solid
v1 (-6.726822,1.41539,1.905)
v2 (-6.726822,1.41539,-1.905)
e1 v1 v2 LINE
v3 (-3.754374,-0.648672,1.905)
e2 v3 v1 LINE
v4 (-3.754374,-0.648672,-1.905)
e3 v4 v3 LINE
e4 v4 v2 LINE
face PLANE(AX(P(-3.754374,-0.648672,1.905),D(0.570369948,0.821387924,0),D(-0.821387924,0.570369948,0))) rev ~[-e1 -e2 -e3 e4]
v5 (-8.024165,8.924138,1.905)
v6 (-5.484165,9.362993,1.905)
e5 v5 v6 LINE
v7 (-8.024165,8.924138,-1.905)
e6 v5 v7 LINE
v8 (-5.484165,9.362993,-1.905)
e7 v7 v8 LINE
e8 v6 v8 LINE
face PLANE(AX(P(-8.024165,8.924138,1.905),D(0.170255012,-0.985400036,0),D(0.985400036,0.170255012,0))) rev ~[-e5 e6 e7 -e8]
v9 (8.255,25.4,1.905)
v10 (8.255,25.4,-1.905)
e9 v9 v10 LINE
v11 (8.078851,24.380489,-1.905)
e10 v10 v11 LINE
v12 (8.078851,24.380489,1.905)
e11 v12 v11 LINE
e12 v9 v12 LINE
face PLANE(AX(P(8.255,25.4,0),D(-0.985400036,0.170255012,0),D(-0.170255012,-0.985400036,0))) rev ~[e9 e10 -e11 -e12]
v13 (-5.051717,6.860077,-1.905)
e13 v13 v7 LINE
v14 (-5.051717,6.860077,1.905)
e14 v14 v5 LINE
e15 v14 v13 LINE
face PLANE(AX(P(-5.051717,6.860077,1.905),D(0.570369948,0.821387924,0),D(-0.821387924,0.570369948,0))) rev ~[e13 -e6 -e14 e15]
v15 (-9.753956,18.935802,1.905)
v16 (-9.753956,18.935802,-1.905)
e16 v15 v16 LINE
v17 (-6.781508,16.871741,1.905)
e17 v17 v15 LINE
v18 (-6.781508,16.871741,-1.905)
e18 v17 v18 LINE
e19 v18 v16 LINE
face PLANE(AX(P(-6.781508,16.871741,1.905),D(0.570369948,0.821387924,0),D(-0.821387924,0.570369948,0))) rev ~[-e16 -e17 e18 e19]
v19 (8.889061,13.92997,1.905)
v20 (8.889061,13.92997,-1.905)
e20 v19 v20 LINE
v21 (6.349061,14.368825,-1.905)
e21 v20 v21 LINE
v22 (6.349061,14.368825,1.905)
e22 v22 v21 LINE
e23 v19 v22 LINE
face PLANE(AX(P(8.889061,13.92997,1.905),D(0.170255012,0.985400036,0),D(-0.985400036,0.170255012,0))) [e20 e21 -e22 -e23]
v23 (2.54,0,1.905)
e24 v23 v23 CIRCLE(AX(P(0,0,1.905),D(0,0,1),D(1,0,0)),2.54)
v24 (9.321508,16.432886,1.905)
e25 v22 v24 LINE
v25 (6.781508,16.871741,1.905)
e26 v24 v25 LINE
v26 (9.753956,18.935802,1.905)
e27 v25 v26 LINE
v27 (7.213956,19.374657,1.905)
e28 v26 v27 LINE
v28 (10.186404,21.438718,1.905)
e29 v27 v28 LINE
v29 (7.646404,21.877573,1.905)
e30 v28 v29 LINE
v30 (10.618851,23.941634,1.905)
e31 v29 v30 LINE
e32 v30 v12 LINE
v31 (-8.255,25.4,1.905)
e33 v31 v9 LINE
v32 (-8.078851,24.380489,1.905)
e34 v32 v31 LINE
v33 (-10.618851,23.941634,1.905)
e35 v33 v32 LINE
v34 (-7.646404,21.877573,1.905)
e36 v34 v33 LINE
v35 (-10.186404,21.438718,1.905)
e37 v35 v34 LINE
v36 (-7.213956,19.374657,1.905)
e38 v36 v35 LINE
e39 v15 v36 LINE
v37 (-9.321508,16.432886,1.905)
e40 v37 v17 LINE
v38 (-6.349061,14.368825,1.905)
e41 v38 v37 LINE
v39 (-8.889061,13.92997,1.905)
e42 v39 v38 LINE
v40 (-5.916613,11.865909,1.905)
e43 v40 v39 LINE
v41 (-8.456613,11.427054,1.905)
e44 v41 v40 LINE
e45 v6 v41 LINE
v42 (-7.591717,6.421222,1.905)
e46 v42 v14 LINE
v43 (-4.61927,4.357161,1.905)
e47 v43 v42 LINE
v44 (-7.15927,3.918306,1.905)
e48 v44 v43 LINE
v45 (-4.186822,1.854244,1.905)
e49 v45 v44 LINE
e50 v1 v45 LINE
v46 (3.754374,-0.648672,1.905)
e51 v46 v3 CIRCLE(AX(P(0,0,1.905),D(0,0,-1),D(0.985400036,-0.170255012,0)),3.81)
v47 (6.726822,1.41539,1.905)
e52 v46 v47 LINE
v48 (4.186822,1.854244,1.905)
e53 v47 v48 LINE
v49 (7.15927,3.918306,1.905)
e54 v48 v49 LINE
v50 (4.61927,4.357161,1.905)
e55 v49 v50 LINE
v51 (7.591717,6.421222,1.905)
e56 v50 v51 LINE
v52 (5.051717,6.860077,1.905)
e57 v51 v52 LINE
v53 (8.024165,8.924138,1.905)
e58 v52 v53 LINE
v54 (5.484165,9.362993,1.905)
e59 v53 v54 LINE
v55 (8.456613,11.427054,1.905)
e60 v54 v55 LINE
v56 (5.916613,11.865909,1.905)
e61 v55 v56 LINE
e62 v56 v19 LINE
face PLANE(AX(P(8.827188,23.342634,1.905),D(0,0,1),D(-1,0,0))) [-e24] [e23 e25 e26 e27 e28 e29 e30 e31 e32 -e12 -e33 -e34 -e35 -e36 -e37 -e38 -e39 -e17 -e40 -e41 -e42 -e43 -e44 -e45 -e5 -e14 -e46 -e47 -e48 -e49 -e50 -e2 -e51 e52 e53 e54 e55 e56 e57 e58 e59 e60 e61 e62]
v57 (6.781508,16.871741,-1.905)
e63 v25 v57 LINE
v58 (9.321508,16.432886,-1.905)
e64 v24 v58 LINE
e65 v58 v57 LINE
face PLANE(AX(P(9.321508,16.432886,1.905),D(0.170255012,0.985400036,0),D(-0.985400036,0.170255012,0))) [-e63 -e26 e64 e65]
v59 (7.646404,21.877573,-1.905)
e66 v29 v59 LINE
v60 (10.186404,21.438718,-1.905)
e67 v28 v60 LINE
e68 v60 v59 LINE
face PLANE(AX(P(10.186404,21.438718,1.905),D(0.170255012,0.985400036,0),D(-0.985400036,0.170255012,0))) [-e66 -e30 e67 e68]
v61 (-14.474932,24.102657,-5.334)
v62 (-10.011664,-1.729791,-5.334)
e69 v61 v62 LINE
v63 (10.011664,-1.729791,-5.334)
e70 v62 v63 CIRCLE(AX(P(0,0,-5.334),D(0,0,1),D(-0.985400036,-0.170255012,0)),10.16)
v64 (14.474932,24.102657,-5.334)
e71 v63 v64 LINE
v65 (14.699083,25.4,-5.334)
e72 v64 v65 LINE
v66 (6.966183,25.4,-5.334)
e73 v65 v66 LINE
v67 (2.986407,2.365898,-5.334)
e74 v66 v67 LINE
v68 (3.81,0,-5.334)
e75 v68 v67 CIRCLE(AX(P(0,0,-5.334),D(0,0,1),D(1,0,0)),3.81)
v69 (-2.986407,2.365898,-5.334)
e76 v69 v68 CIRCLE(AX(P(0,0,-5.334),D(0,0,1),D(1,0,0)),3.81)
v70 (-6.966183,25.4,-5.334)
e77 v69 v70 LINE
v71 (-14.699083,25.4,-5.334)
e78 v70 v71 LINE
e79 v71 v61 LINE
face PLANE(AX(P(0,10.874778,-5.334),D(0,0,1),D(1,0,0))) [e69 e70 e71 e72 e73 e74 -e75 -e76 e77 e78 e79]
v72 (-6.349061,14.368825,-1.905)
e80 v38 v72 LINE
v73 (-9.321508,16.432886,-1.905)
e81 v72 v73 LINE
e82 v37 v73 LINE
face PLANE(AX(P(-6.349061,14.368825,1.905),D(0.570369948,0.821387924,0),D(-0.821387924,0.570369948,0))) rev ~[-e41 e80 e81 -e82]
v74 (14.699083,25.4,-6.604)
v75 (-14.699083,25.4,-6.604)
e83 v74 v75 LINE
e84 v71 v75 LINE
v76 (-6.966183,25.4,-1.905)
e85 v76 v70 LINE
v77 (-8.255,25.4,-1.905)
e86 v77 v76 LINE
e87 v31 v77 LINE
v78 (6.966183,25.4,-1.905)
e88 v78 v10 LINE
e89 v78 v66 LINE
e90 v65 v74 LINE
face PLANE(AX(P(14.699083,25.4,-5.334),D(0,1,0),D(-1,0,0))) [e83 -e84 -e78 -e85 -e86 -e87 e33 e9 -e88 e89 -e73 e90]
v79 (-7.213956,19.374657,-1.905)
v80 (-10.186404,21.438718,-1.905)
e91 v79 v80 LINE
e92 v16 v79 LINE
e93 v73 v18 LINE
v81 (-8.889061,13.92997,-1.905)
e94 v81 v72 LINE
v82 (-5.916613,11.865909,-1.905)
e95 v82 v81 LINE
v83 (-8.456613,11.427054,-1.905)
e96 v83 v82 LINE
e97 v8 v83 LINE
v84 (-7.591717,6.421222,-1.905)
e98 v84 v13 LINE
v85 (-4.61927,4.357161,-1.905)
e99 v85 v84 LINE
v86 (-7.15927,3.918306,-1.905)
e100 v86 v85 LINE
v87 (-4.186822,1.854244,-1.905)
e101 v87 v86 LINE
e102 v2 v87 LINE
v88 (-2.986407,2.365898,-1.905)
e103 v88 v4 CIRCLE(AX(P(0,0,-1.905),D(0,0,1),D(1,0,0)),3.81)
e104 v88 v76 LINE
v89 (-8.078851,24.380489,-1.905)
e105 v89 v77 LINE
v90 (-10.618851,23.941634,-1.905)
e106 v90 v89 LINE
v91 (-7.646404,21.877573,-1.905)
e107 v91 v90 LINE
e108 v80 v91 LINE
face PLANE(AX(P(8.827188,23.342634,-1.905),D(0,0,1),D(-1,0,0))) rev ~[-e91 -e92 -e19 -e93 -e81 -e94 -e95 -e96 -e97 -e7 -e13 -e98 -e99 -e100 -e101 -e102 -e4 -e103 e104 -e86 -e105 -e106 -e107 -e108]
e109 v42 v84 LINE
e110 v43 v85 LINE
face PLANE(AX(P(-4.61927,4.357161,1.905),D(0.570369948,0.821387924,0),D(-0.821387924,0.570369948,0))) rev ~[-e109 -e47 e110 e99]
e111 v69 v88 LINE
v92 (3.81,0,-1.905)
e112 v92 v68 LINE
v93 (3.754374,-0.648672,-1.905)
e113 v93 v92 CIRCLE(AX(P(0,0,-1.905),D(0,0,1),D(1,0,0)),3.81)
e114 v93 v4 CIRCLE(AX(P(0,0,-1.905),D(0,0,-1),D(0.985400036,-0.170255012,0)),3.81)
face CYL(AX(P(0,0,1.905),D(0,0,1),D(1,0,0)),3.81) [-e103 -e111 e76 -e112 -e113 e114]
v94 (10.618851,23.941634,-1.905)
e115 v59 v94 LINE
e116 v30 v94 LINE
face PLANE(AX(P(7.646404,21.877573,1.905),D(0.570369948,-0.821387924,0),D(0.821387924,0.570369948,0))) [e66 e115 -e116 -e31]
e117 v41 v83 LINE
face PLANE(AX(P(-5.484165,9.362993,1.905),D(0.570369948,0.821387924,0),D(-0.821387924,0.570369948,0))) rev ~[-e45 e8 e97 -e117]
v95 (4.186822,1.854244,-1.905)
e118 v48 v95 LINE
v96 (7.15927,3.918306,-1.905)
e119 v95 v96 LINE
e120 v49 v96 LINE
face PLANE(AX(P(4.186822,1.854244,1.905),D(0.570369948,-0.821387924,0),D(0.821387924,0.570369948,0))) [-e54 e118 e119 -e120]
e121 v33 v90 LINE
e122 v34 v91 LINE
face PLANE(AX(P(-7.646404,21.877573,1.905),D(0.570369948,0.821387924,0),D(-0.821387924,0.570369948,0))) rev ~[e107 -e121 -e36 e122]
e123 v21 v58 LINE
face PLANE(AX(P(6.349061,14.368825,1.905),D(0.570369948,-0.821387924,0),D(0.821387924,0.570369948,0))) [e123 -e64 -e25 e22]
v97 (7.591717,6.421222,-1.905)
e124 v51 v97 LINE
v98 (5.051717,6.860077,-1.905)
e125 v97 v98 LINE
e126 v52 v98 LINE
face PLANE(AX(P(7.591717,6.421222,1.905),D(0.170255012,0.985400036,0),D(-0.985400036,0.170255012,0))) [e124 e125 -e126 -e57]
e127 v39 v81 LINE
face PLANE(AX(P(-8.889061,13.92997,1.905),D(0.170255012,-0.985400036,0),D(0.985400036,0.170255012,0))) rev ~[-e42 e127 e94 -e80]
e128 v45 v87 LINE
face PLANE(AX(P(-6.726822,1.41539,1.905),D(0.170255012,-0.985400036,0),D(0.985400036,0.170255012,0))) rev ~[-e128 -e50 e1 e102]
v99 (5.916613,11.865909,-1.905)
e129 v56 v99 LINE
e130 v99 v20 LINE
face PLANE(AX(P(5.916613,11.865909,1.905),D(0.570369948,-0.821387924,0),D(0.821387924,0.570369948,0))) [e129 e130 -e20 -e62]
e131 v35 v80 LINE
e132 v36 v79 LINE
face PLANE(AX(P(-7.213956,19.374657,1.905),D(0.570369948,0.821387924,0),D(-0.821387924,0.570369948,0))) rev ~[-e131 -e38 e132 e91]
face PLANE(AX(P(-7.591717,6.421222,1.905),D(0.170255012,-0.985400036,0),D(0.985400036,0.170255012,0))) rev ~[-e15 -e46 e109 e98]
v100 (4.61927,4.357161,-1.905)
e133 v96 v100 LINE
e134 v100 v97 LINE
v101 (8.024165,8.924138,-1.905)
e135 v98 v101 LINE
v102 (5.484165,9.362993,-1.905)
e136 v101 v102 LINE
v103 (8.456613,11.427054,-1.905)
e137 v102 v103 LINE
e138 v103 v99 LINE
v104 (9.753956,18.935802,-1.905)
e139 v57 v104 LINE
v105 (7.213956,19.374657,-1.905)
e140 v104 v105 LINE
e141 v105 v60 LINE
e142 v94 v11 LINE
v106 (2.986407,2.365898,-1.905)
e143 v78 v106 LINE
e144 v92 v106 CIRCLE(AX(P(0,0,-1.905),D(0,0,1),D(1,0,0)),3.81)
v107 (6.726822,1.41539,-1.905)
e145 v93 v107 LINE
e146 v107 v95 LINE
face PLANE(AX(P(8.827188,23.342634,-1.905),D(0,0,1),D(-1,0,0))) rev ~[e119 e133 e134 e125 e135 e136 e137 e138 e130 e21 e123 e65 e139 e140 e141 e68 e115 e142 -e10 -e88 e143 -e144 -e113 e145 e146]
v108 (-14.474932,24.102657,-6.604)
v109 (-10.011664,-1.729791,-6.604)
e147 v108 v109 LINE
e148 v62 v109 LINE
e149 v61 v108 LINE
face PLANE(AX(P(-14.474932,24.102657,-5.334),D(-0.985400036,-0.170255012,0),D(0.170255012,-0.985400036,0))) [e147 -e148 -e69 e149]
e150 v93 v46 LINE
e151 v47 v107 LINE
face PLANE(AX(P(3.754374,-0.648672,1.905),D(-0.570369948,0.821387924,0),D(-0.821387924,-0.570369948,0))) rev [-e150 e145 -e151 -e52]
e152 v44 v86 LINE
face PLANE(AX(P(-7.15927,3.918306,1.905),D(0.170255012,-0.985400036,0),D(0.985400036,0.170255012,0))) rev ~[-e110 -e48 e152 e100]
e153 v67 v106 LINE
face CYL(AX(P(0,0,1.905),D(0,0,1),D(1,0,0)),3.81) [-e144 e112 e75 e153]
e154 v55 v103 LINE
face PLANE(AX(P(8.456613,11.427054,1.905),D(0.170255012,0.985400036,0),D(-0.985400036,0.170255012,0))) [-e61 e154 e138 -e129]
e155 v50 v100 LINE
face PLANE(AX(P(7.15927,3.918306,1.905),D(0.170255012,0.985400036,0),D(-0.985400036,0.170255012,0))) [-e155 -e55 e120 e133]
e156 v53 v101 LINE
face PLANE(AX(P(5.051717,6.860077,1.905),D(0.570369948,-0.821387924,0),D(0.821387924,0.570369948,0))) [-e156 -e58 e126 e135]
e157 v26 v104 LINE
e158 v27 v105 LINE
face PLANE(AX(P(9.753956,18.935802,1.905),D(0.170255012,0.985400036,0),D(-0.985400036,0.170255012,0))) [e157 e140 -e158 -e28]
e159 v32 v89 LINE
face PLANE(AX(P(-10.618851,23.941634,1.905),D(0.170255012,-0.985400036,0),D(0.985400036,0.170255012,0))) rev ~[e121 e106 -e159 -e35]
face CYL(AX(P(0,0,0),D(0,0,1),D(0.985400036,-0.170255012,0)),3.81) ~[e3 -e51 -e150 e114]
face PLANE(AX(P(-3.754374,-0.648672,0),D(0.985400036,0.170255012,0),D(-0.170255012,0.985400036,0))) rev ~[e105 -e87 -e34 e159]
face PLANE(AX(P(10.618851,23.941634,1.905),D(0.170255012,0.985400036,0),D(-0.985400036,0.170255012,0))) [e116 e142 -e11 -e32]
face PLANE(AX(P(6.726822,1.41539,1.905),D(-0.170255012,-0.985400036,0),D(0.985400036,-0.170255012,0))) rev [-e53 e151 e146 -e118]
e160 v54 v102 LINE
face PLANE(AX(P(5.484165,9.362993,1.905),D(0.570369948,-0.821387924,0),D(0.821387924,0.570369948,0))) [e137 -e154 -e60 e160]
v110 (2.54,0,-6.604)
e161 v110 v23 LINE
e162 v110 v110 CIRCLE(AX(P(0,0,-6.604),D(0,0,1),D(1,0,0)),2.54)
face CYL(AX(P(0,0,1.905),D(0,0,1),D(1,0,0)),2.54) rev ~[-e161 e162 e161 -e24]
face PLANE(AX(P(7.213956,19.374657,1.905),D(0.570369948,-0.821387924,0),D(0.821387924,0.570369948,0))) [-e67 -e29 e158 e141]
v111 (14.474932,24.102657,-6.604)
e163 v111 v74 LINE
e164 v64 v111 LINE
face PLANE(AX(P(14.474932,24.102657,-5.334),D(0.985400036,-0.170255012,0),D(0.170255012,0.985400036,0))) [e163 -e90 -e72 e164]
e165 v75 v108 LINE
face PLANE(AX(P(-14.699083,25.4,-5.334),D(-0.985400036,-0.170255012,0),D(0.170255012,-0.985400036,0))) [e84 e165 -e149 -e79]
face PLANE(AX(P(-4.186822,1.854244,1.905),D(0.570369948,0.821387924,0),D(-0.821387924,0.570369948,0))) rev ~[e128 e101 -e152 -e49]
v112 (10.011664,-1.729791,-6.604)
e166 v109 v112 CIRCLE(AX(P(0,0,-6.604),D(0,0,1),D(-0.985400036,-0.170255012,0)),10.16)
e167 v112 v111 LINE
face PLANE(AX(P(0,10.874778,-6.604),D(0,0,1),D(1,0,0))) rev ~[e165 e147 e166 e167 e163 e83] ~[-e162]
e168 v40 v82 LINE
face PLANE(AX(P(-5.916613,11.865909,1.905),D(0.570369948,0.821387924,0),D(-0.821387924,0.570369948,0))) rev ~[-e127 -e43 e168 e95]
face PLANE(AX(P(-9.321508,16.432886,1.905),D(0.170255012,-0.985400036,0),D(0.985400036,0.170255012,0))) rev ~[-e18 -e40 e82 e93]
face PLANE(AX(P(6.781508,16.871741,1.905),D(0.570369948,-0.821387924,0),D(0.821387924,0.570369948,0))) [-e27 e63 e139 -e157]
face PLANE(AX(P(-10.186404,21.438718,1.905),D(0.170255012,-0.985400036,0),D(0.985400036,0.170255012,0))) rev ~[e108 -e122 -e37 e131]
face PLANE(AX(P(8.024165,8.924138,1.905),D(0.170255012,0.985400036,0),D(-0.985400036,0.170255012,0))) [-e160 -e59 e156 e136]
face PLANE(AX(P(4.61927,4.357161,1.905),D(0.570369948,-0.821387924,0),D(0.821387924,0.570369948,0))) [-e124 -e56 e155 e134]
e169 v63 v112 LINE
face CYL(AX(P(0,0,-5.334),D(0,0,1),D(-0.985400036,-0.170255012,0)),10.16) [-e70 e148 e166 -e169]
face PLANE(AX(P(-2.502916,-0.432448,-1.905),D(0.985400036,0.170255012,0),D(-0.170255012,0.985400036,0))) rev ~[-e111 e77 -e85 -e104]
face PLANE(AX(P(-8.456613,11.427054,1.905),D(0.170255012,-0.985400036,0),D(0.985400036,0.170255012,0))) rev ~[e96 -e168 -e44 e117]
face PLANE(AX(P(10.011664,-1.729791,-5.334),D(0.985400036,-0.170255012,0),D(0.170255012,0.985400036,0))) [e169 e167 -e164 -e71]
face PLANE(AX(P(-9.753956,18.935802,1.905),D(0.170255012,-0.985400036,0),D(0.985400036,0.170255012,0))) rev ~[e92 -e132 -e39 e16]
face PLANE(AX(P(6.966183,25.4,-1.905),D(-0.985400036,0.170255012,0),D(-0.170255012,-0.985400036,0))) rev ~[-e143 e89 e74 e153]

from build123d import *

# Parameters (mm, degrees)
BOSS_EXTRUDE1_DEPTH  = 1.905
BOSS_EXTRUDE3_DEPTH  = 3.429
BOSS_EXTRUDE2_DEPTH  = 3.81
LPATTERN1_COUNT      = 10
LPATTERN1_PITCH      = 2.54
MIRROR1_COPY_1_DEPTH = 3.81
MIRROR1_COPY_2_DEPTH = 3.81
MIRROR1_COPY_3_DEPTH = 3.81
MIRROR1_COPY_4_DEPTH = 3.81
MIRROR1_COPY_5_DEPTH = 3.81
MIRROR1_COPY_6_DEPTH = 3.81
MIRROR1_COPY_7_DEPTH = 3.81
MIRROR1_COPY_8_DEPTH = 3.81
MIRROR1_COPY_9_DEPTH = 3.81
BOSS_EXTRUDE4_DEPTH  = 1.27
SKETCH5_R            = 2.54
CUT_EXTRUDE1_DEPTH   = 31.555296323
SKETCH6_R            = 3.81
SKETCH6_R_2          = 2.54
BOSS_EXTRUDE5_DEPTH  = 7.62


with BuildPart() as part:
    # Sketch1 → Boss-Extrude1 (new, symmetric)
    with BuildSketch(Plane.XY):
        with BuildLine():
            Line((-3.754374137, -0.648671595), (-8.255, 25.4))
            Line((-8.255, 25.4), (8.255, 25.4))
            Line((8.255, 25.4), (3.754374137, -0.648671595))
            ThreePointArc((3.754374137, -0.648671595), (0, -3.81), (-3.754374137, -0.648671595))
        make_face()
    extrude(amount=BOSS_EXTRUDE1_DEPTH, both=True)

    # Sketch3 → Boss-Extrude3 (add)
    with BuildSketch(Plane(origin=(0, 0, -1.905), x_dir=(-1, 0, 0), z_dir=(0, 0, -1))):
        with BuildLine():
            Line((6.966183323, 25.4), (-6.966183323, 25.4))
            Line((-6.966183323, 25.4), (-2.502916091, -0.43244773))
            ThreePointArc((-2.502916091, -0.43244773), (0, -2.54), (2.502916091, -0.43244773))
            Line((2.502916091, -0.43244773), (6.966183323, 25.4))
        make_face()
    extrude(amount=BOSS_EXTRUDE3_DEPTH)

    # Sketch2 → Boss-Extrude2 (add)
    with BuildSketch(Plane.XY.offset(1.905)):
        Polygon((-3.754374137, -0.648671595), (-6.726821867, 1.4153895), (-4.186821867, 1.854244497), align=None)
    boss_extrude2 = extrude(amount=-BOSS_EXTRUDE2_DEPTH)

    # LPattern1: Boss-Extrude2 ×10
    with Locations(*[Vector(-0.17025501170659457, 0.9854000360202892, 0) * (i * LPATTERN1_PITCH) for i in range(1, LPATTERN1_COUNT)]):
        add(boss_extrude2)

    # Mirror1: Boss-Extrude2 across plane
    add(boss_extrude2.mirror(Plane(origin=(0, 0, 0), x_dir=(0, 0, 1), z_dir=(1, 0, 0))))

    # Mirror1 copy 1 sketch → Mirror1 copy 1 (add)
    with BuildSketch(Plane(origin=(0.43244773, 2.502916091, 1.905), x_dir=(-1, 0, 0), z_dir=(0, 0, 1))):
        Polygon((-3.754374137, 0.648671595), (-6.726821867, -1.4153895), (-4.186821867, -1.854244497), align=None)
    extrude(amount=-MIRROR1_COPY_1_DEPTH)

    # Mirror1 copy 2 sketch → Mirror1 copy 2 (add)
    with BuildSketch(Plane(origin=(0.864895459, 5.005832183, 1.905), x_dir=(-1, 0, 0), z_dir=(0, 0, 1))):
        Polygon((-3.754374137, 0.648671595), (-6.726821867, -1.4153895), (-4.186821867, -1.854244497), align=None)
    extrude(amount=-MIRROR1_COPY_2_DEPTH)

    # Mirror1 copy 3 sketch → Mirror1 copy 3 (add)
    with BuildSketch(Plane(origin=(1.297343189, 7.508748274, 1.905), x_dir=(-1, 0, 0), z_dir=(0, 0, 1))):
        Polygon((-3.754374137, 0.648671595), (-6.726821867, -1.4153895), (-4.186821867, -1.854244497), align=None)
    extrude(amount=-MIRROR1_COPY_3_DEPTH)

    # Mirror1 copy 4 sketch → Mirror1 copy 4 (add)
    with BuildSketch(Plane(origin=(1.729790919, 10.011664366, 1.905), x_dir=(-1, 0, 0), z_dir=(0, 0, 1))):
        Polygon((-3.754374137, 0.648671595), (-6.726821867, -1.4153895), (-4.186821867, -1.854244497), align=None)
    extrude(amount=-MIRROR1_COPY_4_DEPTH)

    # Mirror1 copy 5 sketch → Mirror1 copy 5 (add)
    with BuildSketch(Plane(origin=(2.162238649, 12.514580457, 1.905), x_dir=(-1, 0, 0), z_dir=(0, 0, 1))):
        Polygon((-3.754374137, 0.648671595), (-6.726821867, -1.4153895), (-4.186821867, -1.854244497), align=None)
    extrude(amount=-MIRROR1_COPY_5_DEPTH)

    # Mirror1 copy 6 sketch → Mirror1 copy 6 (add)
    with BuildSketch(Plane(origin=(2.594686378, 15.017496549, 1.905), x_dir=(-1, 0, 0), z_dir=(0, 0, 1))):
        Polygon((-3.754374137, 0.648671595), (-6.726821867, -1.4153895), (-4.186821867, -1.854244497), align=None)
    extrude(amount=-MIRROR1_COPY_6_DEPTH)

    # Mirror1 copy 7 sketch → Mirror1 copy 7 (add)
    with BuildSketch(Plane(origin=(3.027134108, 17.52041264, 1.905), x_dir=(-1, 0, 0), z_dir=(0, 0, 1))):
        Polygon((-3.754374137, 0.648671595), (-6.726821867, -1.4153895), (-4.186821867, -1.854244497), align=None)
    extrude(amount=-MIRROR1_COPY_7_DEPTH)

    # Mirror1 copy 8 sketch → Mirror1 copy 8 (add)
    with BuildSketch(Plane(origin=(3.459581838, 20.023328732, 1.905), x_dir=(-1, 0, 0), z_dir=(0, 0, 1))):
        Polygon((-3.754374137, 0.648671595), (-6.726821867, -1.4153895), (-4.186821867, -1.854244497), align=None)
    extrude(amount=-MIRROR1_COPY_8_DEPTH)

    # Mirror1 copy 9 sketch → Mirror1 copy 9 (add)
    with BuildSketch(Plane(origin=(3.892029568, 22.526244823, 1.905), x_dir=(-1, 0, 0), z_dir=(0, 0, 1))):
        Polygon((-3.754374137, 0.648671595), (-6.726821867, -1.4153895), (-4.186821867, -1.854244497), align=None)
    extrude(amount=-MIRROR1_COPY_9_DEPTH)

    # Sketch4 → Boss-Extrude4 (add)
    with BuildSketch(Plane(origin=(0, 0, -5.334), x_dir=(-1, 0, 0), z_dir=(0, 0, -1))):
        with BuildLine():
            Line((-14.699083385, 25.4), (14.699083385, 25.4))
            Line((14.699083385, 25.4), (14.474931597, 24.102656811))
            Line((14.474931597, 24.102656811), (10.011664366, -1.729790919))
            ThreePointArc((10.011664366, -1.729790919), (0, -10.16), (-10.011664366, -1.729790919))
            Line((-10.011664366, -1.729790919), (-14.474931597, 24.102656811))
            Line((-14.474931597, 24.102656811), (-14.699083385, 25.4))
        make_face()
    extrude(amount=BOSS_EXTRUDE4_DEPTH)

    # Sketch5 → Cut-Extrude1 (cut, through all)
    with BuildSketch(Plane.XY.offset(1.905)):
        Circle(SKETCH5_R)
    extrude(amount=-CUT_EXTRUDE1_DEPTH, mode=Mode.SUBTRACT)

    # Sketch6 → Boss-Extrude5 (add)
    with BuildSketch(Plane.XY.offset(1.905)):
        Circle(SKETCH6_R)
        Circle(SKETCH6_R_2, mode=Mode.SUBTRACT)
    extrude(amount=-BOSS_EXTRUDE5_DEPTH)


solid = part.part
